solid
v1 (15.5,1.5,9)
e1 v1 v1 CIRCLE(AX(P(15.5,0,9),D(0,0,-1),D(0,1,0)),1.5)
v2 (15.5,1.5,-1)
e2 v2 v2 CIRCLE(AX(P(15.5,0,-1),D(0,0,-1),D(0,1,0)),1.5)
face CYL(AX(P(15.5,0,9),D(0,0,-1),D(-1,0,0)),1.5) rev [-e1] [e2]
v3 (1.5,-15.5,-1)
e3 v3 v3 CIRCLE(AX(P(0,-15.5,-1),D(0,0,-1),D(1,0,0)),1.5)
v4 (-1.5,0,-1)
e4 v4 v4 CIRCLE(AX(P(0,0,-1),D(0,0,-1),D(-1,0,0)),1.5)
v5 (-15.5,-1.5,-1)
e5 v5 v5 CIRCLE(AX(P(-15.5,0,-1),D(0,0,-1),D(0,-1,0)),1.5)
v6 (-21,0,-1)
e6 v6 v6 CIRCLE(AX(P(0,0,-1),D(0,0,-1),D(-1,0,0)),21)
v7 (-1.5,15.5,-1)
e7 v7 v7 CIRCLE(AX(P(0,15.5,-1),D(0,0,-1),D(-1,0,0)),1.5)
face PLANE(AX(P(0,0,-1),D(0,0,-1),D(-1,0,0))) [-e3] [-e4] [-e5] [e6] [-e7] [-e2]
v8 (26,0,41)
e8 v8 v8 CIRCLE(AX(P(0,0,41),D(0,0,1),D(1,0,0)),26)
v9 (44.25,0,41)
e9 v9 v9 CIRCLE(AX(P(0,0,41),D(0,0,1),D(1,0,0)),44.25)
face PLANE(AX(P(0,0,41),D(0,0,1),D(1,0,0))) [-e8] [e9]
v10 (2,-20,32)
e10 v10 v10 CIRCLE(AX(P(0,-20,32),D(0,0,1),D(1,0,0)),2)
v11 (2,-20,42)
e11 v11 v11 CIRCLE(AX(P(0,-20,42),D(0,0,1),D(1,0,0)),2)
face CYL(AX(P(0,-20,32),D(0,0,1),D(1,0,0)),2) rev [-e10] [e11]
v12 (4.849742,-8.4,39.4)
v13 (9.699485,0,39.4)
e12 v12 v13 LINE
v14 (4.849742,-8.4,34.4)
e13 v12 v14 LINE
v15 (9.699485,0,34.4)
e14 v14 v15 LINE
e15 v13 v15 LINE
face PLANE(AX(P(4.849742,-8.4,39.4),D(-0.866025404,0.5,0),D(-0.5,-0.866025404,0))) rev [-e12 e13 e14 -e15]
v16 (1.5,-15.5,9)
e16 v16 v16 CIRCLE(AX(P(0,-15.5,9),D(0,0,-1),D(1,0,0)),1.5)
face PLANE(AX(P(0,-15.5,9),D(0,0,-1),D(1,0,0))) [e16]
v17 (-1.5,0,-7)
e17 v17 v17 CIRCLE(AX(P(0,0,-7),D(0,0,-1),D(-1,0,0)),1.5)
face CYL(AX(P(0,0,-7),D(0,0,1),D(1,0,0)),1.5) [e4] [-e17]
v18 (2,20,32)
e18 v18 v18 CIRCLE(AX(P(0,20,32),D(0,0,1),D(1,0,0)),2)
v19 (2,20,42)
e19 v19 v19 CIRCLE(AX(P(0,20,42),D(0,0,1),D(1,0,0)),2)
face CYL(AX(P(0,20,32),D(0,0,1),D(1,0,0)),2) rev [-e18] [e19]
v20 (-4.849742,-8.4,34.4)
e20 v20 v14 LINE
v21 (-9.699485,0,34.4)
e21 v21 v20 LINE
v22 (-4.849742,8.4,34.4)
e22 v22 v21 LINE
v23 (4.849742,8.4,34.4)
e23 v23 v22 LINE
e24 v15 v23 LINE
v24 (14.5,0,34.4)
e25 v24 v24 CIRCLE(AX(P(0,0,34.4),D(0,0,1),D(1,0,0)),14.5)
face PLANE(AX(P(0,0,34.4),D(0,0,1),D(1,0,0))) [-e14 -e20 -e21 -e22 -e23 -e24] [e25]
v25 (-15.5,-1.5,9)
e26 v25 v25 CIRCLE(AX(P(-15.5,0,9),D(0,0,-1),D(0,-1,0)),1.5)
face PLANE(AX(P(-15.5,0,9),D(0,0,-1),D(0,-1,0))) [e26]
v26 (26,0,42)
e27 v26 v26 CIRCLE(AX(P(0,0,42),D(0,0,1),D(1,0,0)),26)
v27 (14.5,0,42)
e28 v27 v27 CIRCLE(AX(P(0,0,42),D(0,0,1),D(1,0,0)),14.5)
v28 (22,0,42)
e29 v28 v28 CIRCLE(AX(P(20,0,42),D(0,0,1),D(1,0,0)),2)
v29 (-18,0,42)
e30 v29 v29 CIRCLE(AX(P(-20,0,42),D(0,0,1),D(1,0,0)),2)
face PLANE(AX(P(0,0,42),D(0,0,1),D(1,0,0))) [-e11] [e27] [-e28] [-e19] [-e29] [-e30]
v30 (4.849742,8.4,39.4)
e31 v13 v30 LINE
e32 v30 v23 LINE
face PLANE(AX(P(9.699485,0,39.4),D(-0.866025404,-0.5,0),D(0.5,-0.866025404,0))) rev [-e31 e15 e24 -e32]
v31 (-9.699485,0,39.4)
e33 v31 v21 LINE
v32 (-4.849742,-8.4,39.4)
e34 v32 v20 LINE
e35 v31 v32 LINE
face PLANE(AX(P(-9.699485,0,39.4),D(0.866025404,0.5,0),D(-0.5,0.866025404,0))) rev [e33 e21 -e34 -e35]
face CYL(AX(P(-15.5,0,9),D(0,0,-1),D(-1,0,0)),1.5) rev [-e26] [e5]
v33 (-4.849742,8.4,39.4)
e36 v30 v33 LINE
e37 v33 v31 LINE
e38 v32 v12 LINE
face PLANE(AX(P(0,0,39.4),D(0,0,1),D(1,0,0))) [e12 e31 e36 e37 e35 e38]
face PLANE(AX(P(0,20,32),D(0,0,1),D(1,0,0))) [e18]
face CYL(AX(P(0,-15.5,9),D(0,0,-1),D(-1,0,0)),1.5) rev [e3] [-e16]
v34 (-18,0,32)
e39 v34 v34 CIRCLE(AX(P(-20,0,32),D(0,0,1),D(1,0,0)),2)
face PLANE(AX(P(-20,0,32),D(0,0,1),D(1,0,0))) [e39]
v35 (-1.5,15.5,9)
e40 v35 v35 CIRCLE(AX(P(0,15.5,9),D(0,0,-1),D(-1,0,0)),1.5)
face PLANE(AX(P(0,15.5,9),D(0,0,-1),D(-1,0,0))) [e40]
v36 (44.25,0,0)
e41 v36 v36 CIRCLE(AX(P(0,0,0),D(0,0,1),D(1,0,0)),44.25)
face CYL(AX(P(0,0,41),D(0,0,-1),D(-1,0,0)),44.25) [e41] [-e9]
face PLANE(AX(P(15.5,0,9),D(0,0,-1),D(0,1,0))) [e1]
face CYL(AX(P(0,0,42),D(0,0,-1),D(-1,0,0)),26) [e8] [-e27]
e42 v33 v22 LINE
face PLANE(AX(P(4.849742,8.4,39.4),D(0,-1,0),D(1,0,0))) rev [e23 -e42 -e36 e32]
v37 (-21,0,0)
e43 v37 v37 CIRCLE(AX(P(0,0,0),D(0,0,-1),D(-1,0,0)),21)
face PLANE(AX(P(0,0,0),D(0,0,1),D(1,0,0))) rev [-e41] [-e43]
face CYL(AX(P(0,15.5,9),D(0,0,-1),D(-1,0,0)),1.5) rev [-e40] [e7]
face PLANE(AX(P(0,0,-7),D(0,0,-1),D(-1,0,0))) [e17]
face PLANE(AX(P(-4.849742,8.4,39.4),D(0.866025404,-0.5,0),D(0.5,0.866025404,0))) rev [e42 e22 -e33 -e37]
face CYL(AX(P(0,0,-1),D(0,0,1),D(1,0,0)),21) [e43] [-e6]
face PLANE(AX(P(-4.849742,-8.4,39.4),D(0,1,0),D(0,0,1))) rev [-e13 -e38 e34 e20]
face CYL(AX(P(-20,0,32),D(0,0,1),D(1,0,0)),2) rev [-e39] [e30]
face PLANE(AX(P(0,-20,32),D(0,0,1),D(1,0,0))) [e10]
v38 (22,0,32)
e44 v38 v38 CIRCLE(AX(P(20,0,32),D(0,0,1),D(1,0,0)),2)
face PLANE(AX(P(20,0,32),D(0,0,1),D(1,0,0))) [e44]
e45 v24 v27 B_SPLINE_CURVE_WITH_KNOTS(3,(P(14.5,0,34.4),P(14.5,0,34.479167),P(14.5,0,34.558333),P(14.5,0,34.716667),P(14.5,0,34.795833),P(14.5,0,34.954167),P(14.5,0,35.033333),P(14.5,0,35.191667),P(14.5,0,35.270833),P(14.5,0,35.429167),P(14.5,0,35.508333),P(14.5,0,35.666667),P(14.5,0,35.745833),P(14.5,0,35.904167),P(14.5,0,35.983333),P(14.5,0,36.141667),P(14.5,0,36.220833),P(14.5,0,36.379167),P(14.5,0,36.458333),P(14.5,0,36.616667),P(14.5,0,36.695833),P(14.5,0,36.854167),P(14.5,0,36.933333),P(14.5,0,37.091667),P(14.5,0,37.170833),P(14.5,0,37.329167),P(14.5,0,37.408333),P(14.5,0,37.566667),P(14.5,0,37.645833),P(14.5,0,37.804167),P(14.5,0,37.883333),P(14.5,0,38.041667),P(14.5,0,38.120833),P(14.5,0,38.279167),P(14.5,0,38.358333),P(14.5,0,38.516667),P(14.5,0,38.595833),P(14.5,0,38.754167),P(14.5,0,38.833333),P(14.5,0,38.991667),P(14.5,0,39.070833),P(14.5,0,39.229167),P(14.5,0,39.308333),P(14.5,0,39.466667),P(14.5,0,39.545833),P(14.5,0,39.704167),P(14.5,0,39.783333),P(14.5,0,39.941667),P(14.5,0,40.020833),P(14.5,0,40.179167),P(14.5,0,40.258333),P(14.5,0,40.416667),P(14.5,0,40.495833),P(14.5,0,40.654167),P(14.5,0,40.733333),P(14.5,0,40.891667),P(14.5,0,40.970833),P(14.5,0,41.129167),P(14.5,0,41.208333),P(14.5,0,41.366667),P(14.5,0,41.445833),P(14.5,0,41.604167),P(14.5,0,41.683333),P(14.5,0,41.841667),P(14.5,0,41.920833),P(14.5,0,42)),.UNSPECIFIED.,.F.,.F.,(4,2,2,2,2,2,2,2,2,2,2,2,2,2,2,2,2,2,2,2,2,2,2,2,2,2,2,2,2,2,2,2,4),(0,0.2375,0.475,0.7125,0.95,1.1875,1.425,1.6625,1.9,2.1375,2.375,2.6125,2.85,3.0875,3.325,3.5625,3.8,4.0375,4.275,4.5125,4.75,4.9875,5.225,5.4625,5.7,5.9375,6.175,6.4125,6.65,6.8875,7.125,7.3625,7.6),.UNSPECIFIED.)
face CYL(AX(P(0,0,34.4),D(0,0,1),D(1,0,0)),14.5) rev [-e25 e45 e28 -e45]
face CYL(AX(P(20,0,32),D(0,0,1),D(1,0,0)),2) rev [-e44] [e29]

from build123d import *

# Parameters (mm, degrees)
SKETCH_1_R               = 44.25
EXTRUDE_1_DEPTH          = 41
SKETCH_2_R               = 26
EXTRUDE_2_DEPTH          = 1
SKETCH_3_R               = 2
CUT_EXTRUDE_1_DEPTH      = 10
SKETCH_5_R               = 21
EXTRUDE_4_DEPTH          = 1
SKETCH_6_R               = 1.5
CUT_EXTRUDE_2_DEPTH      = 10
PATTERN_CIRCULAR_1_COUNT = 4
SKETCH_7_R               = 1.5
EXTRUDE_5_DEPTH          = 6
SKETCH_8_R               = 14.5
CUT_EXTRUDE_3_DEPTH      = 7.6
EXTRUDE_6_DEPTH          = 5


with BuildPart() as part:
    # 草图1 → 凸台-拉伸1 (new body)
    with BuildSketch(Plane.XY):
        Circle(SKETCH_1_R)
    extrude(amount=EXTRUDE_1_DEPTH)

    # 草图2 → 凸台-拉伸2 (add)
    with BuildSketch(Plane.XY.offset(41)):
        Circle(SKETCH_2_R)
    extrude(amount=EXTRUDE_2_DEPTH)

    # 草图3 → 切除-拉伸1 (cut)
    with BuildSketch(Plane.XY.offset(42)):
        with Locations((0, 20)):
            Circle(SKETCH_3_R)
        with Locations((20, 0)):
            Circle(SKETCH_3_R)
        with Locations((0, -20)):
            Circle(SKETCH_3_R)
        with Locations((-20, 0)):
            Circle(SKETCH_3_R)
    extrude(amount=-CUT_EXTRUDE_1_DEPTH, mode=Mode.SUBTRACT)

    # 草图5 → 凸台-拉伸4 (add)
    with BuildSketch(Plane(origin=(0, 0, 0), x_dir=(-1, 0, 0), z_dir=(0, 0, -1))):
        Circle(SKETCH_5_R)
    extrude(amount=EXTRUDE_4_DEPTH)

    # 草图6 → 切除-拉伸2 (cut)
    with BuildSketch(Plane(origin=(0, 0, -1), x_dir=(-1, 0, 0), z_dir=(0, 0, -1))):
        with Locations((0, 15.5)):
            Circle(SKETCH_6_R)
    cut_extrude_2 = extrude(amount=-CUT_EXTRUDE_2_DEPTH, mode=Mode.SUBTRACT)

    # 阵列(圆周)1: 切除-拉伸2 ×4 about axis
    pattern_circular_1_axis = Axis((0, 0, 0), (0, 0, 1))
    for i in range(1, PATTERN_CIRCULAR_1_COUNT):
        add(cut_extrude_2.rotate(pattern_circular_1_axis, i * 360 / PATTERN_CIRCULAR_1_COUNT), mode=Mode.SUBTRACT)

    # 草图7 → 凸台-拉伸5 (add)
    with BuildSketch(Plane(origin=(0, 0, -1), x_dir=(-1, 0, 0), z_dir=(0, 0, -1))):
        Circle(SKETCH_7_R)
    extrude(amount=EXTRUDE_5_DEPTH)

    # 草图8 → 切除-拉伸3 (cut)
    with BuildSketch(Plane.XY.offset(42)):
        Circle(SKETCH_8_R)
    extrude(amount=-CUT_EXTRUDE_3_DEPTH, mode=Mode.SUBTRACT)

    # 草图9 → 凸台-拉伸6 (add)
    with BuildSketch(Plane.XY.offset(34.4)):
        Polygon((9.699484522, 0), (4.849742261, 8.4), (-4.849742261, 8.4), (-9.699484522, 0), (-4.849742261, -8.4), (4.849742261, -8.4), align=None)
    extrude(amount=EXTRUDE_6_DEPTH)


solid = part.part
